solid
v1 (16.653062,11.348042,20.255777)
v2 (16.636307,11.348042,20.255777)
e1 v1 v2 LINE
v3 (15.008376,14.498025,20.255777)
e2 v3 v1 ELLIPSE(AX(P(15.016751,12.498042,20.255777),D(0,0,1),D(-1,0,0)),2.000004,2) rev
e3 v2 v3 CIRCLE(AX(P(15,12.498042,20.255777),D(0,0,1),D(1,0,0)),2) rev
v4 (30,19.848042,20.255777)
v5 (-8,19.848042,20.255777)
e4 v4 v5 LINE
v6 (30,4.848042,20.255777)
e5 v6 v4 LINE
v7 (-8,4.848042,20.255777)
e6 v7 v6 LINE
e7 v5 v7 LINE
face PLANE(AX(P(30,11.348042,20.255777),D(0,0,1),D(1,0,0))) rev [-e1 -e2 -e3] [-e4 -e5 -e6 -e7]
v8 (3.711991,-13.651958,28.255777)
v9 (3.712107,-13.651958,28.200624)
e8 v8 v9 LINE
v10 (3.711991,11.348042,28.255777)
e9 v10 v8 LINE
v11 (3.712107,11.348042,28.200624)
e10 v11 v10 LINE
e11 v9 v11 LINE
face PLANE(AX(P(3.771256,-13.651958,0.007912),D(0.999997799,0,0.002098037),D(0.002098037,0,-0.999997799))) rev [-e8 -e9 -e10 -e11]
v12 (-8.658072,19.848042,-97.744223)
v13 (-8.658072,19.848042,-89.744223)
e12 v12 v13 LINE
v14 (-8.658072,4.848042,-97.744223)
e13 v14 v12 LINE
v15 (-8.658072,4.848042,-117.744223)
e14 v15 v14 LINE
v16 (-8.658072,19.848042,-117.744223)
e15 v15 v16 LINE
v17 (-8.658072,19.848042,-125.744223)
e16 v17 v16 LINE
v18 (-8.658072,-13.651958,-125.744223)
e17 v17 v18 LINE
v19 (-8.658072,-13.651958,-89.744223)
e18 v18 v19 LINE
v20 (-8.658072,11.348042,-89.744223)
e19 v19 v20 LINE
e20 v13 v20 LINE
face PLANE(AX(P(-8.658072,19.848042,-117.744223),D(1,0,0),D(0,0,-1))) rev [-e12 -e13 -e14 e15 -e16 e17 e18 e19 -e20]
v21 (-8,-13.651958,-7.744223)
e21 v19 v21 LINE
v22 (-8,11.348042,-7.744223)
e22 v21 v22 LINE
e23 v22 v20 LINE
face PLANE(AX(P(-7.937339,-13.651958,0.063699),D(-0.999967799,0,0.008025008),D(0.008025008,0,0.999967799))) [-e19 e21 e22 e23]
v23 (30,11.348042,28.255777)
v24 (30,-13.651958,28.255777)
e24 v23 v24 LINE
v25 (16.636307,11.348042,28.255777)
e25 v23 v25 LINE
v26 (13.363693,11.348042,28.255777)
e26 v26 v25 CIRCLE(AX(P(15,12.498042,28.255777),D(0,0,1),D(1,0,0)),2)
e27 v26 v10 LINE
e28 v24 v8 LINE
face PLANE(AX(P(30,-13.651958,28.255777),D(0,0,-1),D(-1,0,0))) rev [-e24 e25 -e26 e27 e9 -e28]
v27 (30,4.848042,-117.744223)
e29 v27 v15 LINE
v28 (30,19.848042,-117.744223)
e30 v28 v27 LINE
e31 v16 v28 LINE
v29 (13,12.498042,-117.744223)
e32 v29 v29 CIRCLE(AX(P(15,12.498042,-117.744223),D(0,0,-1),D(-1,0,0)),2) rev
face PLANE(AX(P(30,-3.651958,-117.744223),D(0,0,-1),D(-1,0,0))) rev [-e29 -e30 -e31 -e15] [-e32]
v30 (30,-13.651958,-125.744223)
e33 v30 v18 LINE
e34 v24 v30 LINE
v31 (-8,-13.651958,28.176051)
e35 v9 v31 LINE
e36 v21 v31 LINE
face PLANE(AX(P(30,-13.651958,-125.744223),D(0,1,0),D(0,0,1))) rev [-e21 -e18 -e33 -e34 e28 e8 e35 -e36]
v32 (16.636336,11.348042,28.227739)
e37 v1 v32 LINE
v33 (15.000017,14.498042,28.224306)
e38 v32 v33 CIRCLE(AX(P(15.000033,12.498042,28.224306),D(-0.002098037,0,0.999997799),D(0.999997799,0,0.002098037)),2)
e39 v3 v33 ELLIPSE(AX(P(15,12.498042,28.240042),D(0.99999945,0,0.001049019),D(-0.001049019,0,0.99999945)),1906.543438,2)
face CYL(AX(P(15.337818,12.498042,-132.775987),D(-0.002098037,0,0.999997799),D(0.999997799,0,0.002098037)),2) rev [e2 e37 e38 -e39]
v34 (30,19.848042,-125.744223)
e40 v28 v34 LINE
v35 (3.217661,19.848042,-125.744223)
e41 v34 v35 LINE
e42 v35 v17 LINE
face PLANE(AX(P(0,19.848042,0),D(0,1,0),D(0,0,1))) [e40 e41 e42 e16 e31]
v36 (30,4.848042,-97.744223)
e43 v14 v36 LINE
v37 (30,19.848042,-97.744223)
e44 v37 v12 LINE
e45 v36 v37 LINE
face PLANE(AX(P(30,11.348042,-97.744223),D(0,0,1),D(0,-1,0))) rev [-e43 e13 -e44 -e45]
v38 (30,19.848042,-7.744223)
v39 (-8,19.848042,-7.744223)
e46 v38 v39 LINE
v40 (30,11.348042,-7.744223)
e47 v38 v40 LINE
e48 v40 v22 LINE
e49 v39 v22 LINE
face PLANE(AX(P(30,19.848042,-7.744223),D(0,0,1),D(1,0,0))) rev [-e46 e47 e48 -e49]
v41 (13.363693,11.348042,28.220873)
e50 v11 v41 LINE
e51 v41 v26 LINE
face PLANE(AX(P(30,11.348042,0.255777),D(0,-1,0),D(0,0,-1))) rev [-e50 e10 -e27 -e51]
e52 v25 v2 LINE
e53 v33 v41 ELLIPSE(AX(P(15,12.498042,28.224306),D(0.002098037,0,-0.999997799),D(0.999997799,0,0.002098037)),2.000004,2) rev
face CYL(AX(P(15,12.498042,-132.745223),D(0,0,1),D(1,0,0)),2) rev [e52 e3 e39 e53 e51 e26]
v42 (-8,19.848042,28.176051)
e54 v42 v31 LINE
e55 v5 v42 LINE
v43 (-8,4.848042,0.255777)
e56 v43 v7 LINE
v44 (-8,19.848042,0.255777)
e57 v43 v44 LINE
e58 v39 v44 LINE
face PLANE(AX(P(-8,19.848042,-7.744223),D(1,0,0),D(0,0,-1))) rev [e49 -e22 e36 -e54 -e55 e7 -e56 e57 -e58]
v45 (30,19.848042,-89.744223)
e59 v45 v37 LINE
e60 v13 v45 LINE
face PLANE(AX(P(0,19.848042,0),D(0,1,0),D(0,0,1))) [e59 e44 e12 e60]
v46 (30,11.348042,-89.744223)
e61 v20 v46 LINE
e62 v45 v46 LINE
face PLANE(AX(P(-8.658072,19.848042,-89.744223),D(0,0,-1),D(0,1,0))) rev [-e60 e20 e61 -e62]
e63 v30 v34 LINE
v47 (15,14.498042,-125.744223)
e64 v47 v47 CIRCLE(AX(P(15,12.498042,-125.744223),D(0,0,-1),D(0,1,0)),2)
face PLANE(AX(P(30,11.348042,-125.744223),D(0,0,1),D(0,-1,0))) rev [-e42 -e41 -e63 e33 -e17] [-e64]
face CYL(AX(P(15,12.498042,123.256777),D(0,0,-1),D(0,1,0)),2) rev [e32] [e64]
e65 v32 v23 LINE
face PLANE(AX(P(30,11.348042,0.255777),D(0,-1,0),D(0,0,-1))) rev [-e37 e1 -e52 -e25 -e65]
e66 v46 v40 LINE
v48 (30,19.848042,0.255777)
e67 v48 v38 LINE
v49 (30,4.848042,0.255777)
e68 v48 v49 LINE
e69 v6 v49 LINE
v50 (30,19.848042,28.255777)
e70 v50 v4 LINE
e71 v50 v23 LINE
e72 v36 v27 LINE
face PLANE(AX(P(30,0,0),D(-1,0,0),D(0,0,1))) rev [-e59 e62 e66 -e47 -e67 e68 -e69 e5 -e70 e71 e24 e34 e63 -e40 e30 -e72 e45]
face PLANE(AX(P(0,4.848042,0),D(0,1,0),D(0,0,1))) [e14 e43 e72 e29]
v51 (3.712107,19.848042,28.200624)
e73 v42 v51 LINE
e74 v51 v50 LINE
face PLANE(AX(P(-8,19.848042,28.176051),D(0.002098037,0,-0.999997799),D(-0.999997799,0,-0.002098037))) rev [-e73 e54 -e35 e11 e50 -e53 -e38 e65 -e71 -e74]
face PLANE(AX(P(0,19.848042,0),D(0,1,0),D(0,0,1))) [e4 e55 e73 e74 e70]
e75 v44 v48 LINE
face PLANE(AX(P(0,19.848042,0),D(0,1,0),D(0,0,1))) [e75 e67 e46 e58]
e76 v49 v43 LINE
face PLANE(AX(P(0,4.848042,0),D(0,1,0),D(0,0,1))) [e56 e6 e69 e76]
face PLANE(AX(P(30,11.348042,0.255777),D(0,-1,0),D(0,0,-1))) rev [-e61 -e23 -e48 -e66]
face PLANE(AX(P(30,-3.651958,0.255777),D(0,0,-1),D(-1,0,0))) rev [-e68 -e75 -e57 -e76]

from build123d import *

# Parameters (mm, degrees)
EXTRUDE_1_DEPTH           = 30
SKETCH_2_W                = 20
SKETCH_2_H                = 15
SKETCH_2_W_2              = 70
SKETCH_2_H_2              = 10
EXTRUDE_4_DEPTH           = 70
SKETCH_5_R                = 2.8
CUT_EXTRUDE_3_DEPTH       = 5
SKETCH_6_R                = 2.8
CUT_EXTRUDE_4_DEPTH       = 5
PATTERN_LINEAR_1_COUNT    = 3
PATTERN_LINEAR_1_PITCH    = 19
SKETCH_14_W               = 30
SKETCH_14_H               = 20
EXTRUDE_16_DEPTH          = 8.5
EXTRUDE_17_DEPTH          = 8.5
EXTRUDE_18_DEPTH          = 8.5
SKETCH_15_W               = 140
SKETCH_15_H               = 160
EXTRUDE_21_DEPTH          = 10
SKETCH_17_W               = 140
SKETCH_17_H               = 160
EXTRUDE_22_DEPTH          = 15
CUT_EXTRUDE_8_REACH       = 328.336
SKETCH_20_R               = 2
CUT_EXTRUDE_10_REACH      = 267.273
CUT_EXTRUDE_11_REACH      = 267.358
SKETCH_22_R               = 2
SKETCH_23_R               = 2.8
CUT_EXTRUDE_12_DEPTH      = 5
SKETCH_24_R               = 1.9
CUT_EXTRUDE_13_DEPTH      = 5
CUT_EXTRUDE_16_DEPTH      = 251.685617404
CUT_EXTRUDE_16_DEPTH_BACK = 251.685617404
CUT_EXTRUDE_17_DEPTH      = 15


with BuildPart() as part:
    # 草图1 → 凸台-拉伸1 (new body)
    with BuildSketch(Plane(origin=(0, 0, 0), x_dir=(0, 0, -1), z_dir=(1, 0, 0))):
        Polygon((-20.255776875, 11.348042253), (-20.255776875, -3.651957747), (-0.255776875, -3.651957747), (-0.255776875, 11.348042253), (97.744223125, 11.348042253), (97.744223125, -3.651957747), (117.744223125, -3.651957747), (117.744223125, 11.348042253), (125.744223125, 11.348042253), (125.744223125, -13.651957747), (-28.255776875, -13.651957747), (-28.255776875, 11.348042253), align=None)
    extrude(amount=EXTRUDE_1_DEPTH)

    # 草图2 → 凸台-拉伸4 (add)
    with BuildSketch(Plane.ZY):
        Polygon((-125.744223125, 11.348042253), (-117.744223125, 11.348042253), (-117.744223125, 16.348042253), (-132.744223125, 16.348042253), (-132.744223125, -13.651957747), (-125.744223125, -13.651957747), align=None)
        Polygon((-117.744223125, -13.651957747), (-117.744223125, -3.651957747), (-117.744223125, 11.348042253), (-125.744223125, 11.348042253), (-125.744223125, -13.651957747), align=None)
        Polygon((-97.744223125, -3.651957747), (-117.744223125, -3.651957747), (-117.744223125, -13.651957747), (28.255776875, -13.651957747), (28.255776875, 11.348042253), (20.255776875, 11.348042253), (20.255776875, -3.651957747), (0.255776875, -3.651957747), (0.255776875, 11.348042253), (-97.744223125, 11.348042253), align=None)
        with Locations((-107.744223125, 3.848042253)):
            Rectangle(SKETCH_2_W, SKETCH_2_H)
        with Locations((10.255776875, 3.848042253)):
            Rectangle(SKETCH_2_W, SKETCH_2_H)
        Polygon((28.255776875, 11.348042253), (28.255776875, -13.651957747), (53.255776875, -13.651957747), (53.255776875, -3.651957747), (53.255776875, 11.348042253), align=None)
        with Locations((88.255776875, -8.651957747)):
            Rectangle(SKETCH_2_W_2, SKETCH_2_H_2)
    extrude(amount=EXTRUDE_4_DEPTH)

    # 草图5 → 切除-拉伸3 (cut)
    with BuildSketch(Plane(origin=(0, 16.348042253, 0), x_dir=(1, 0, 0), z_dir=(0, 1, 0))):
        with Locations(Location((-51, 125.244223125, 0), (0, 0, 270))):
            Circle(SKETCH_5_R)
        with Locations(Location((-19, 125.244223125, 0), (0, 0, 270))):
            Circle(SKETCH_5_R)
    extrude(amount=-CUT_EXTRUDE_3_DEPTH, mode=Mode.SUBTRACT)

    # 草图6 → 切除-拉伸4 (cut)
    with BuildSketch(Plane(origin=(0, -3.651957747, 0), x_dir=(1, 0, 0), z_dir=(0, 1, 0))):
        with Locations(Location((-55, -112.316244648, 0), (0, 0, 270))):
            Circle(SKETCH_6_R)
        with Locations(Location((-15, -112.316244648, 0), (0, 0, 270))):
            Circle(SKETCH_6_R)
    cut_extrude_4 = extrude(amount=-CUT_EXTRUDE_4_DEPTH, mode=Mode.SUBTRACT)

    # 阵列(线性)1: 切除-拉伸4 ×3
    with Locations(*[(0, 0, -i * PATTERN_LINEAR_1_PITCH) for i in range(1, PATTERN_LINEAR_1_COUNT)]):
        add(cut_extrude_4, mode=Mode.SUBTRACT)

    # 草图14 → 凸台-拉伸16 (add)
    with BuildSketch(Plane(origin=(0, -3.651957747, 0), x_dir=(1, 0, 0), z_dir=(0, 1, 0))):
        with Locations((15, -10.255776875)):
            Rectangle(SKETCH_14_W, SKETCH_14_H)
        with Locations((15, 107.744223125)):
            Rectangle(SKETCH_14_W, SKETCH_14_H)
    extrude(amount=EXTRUDE_16_DEPTH)

    # 草图9 → 凸台-拉伸17 (add)
    with BuildSketch(Plane(origin=(0, 11.348042253, 0), x_dir=(1, 0, 0), z_dir=(0, 1, 0))):
        Polygon((-8.658071854, 117.744223125), (-8.658071854, 125.744223125), (0, 125.744223125), (30, 125.744223125), (30, 117.744223125), (0, 117.744223125), (0, 97.744223125), (30, 97.744223125), (30, 89.744223125), (-8.658071854, 89.744223125), align=None)
    extrude(amount=EXTRUDE_17_DEPTH)

    # 草图13 → 凸台-拉伸18 (add)
    with BuildSketch(Plane(origin=(0, 11.348042253, 0), x_dir=(1, 0, 0), z_dir=(0, 1, 0))):
        Polygon((30, -0.255776875), (30, 7.744223125), (-8, 7.744223125), (-8, -28.176051311), (30, -28.255776875), (30, -20.255776875), (0, -20.255776875), (0, -0.255776875), align=None)
    extrude(amount=EXTRUDE_18_DEPTH)

    # 草图15 → 凸台-拉伸21 (add)
    with BuildSketch(Plane(origin=(0, -3.651957747, 0), x_dir=(1, 0, 0), z_dir=(0, 1, 0))):
        with Locations((-140, -43.255776875)):
            Rectangle(SKETCH_15_W, SKETCH_15_H)
    extrude(amount=-EXTRUDE_21_DEPTH)

    # 草图17 → 凸台-拉伸22 (add)
    with BuildSketch(Plane(origin=(0, -3.651957747, 0), x_dir=(1, 0, 0), z_dir=(0, 1, 0))):
        with Locations((-140, -43.255776875)):
            Rectangle(SKETCH_17_W, SKETCH_17_H)
    extrude(amount=EXTRUDE_22_DEPTH)

    # 草图20 → 切除-拉伸8 (cut, up to next)
    with BuildSketch(Plane(origin=(0, 0, -125.744223125), x_dir=(-1, 0, 0), z_dir=(0, 0, -1)), mode=Mode.PRIVATE) as cut_extrude_8_sk1:
        with Locations(Location((-15, 12.498042253, 0), (0, 0, 90))):
            Circle(SKETCH_20_R)
    cut_extrude_8_tool1 = extrude(cut_extrude_8_sk1.sketch, amount=-CUT_EXTRUDE_8_REACH, mode=Mode.PRIVATE) & part.part
    add(cut_extrude_8_tool1.solids().sort_by_distance((15, 12.498042, -125.744223))[0], mode=Mode.SUBTRACT)

    # 切除-拉伸10: up to this plane
    cut_extrude_10_end = Plane(origin=(30, 11.348042253, 20.255776875), z_dir=(0, 0, 1))
    # 草图21 → 切除-拉伸10 (cut, up to the surface)
    with BuildSketch(Plane(origin=(-0.059149469, 0, 28.192711542), x_dir=(0.9999977991189155, 0, 0.0020980365404790436), z_dir=(-0.0020980365404790436, 0, 0.9999977991189156)), mode=Mode.PRIVATE) as cut_extrude_10_sk1:
        with BuildLine():
            ThreePointArc((17.059215626, 12.498042253), (14.456145827, 14.404952533), (13.422908809, 11.348042253))
            Line((13.422908809, 11.348042253), (16.695522443, 11.348042253))
            ThreePointArc((16.695522443, 11.348042253), (16.966125906, 11.894972454), (17.059215626, 12.498042253))
        make_face()
    cut_extrude_10_tool1 = split(extrude(cut_extrude_10_sk1.sketch, amount=-CUT_EXTRUDE_10_REACH, mode=Mode.PRIVATE), bisect_by=cut_extrude_10_end, keep=Keep.BOTH, mode=Mode.PRIVATE)
    add(cut_extrude_10_tool1.solids().sort_by_distance((15.000033, 12.773192, 28.224306))[0], mode=Mode.SUBTRACT)

    # 草图22 → 切除-拉伸11 (cut, up to next)
    with BuildSketch(Plane.XY.offset(28.255776875), mode=Mode.PRIVATE) as cut_extrude_11_sk1:
        with Locations(Location((15, 12.498042253, 0), (0, 0, 90))):
            Circle(SKETCH_22_R)
    cut_extrude_11_tool1 = extrude(cut_extrude_11_sk1.sketch, amount=-CUT_EXTRUDE_11_REACH, mode=Mode.PRIVATE) & part.part
    add(cut_extrude_11_tool1.solids().sort_by_distance((15, 12.498042, 28.255777))[0], mode=Mode.SUBTRACT)

    # 草图23 → 切除-拉伸12 (cut)
    with BuildSketch(Plane(origin=(0, 11.348042253, 0), x_dir=(1, 0, 0), z_dir=(0, 1, 0))):
        with Locations(Location((-194, -93.255776875, 0), (0, 0, 270))):
            Circle(SKETCH_23_R)
        with Locations(Location((-86, -93.255776875, 0), (0, 0, 270))):
            Circle(SKETCH_23_R)
    extrude(amount=-CUT_EXTRUDE_12_DEPTH, mode=Mode.SUBTRACT)

    # 草图24 → 切除-拉伸13 (cut)
    with BuildSketch(Plane(origin=(0, 11.348042253, 0), x_dir=(1, 0, 0), z_dir=(0, 1, 0))):
        with Locations(Location((-196.5, 26.744223125, 0), (0, 0, 270))):
            Circle(SKETCH_24_R)
        with Locations(Location((-83.5, 26.744223125, 0), (0, 0, 270))):
            Circle(SKETCH_24_R)
        with Locations(Location((-196.5, -47.555776875, 0), (0, 0, 270))):
            Circle(SKETCH_24_R)
        with Locations(Location((-83.5, -47.555776875, 0), (0, 0, 270))):
            Circle(SKETCH_24_R)
    extrude(amount=-CUT_EXTRUDE_13_DEPTH, mode=Mode.SUBTRACT)

    # 草图26 → 切除-拉伸16 (cut, two sides: drawn at the far end of the back side and taken through both)
    with BuildSketch(Plane(origin=(0, 19.848042253, 0), x_dir=(1, 0, 0), z_dir=(0, 1, 0)).offset(-CUT_EXTRUDE_16_DEPTH_BACK)):
        Polygon((-8, 7.744223125), (-8.658071854, 89.744223125), (-8.658071854, 125.744223125), (3.217660612, 125.744223125), (3.802444891, 150.192522069), (-171.612640653, 166.525859149), (-482.190724596, -91.141473661), (-210.719247924, -353.972429265), (3.510052751, -124.506752876), (3.712106974, -28.200623793), (-8, -28.176051311), align=None)
    extrude(amount=CUT_EXTRUDE_16_DEPTH + CUT_EXTRUDE_16_DEPTH_BACK, mode=Mode.SUBTRACT)

    # 草图27 → 切除-拉伸17 (cut)
    with BuildSketch(Plane(origin=(0, 19.848042253, 0), x_dir=(1, 0, 0), z_dir=(0, 1, 0))):
        Polygon((-11.220288102, -0.255776875), (-9.170863609, -20.255776875), (0, -20.255776875), (0, -0.255776875), align=None)
        Polygon((-8.658071854, 97.744223125), (0, 97.744223125), (0, 117.744223125), (-8.658071854, 104.132040921), align=None)
        Polygon((-16.859481318, 117.744223125), (-12.721063711, 97.744223125), (-8.658071854, 104.132040921), (-8.658071854, 117.744223125), align=None)
        Polygon((-8.658071854, 104.132040921), (0, 117.744223125), (-8.658071854, 117.744223125), align=None)
    extrude(amount=-CUT_EXTRUDE_17_DEPTH, mode=Mode.SUBTRACT)


solid = part.part
